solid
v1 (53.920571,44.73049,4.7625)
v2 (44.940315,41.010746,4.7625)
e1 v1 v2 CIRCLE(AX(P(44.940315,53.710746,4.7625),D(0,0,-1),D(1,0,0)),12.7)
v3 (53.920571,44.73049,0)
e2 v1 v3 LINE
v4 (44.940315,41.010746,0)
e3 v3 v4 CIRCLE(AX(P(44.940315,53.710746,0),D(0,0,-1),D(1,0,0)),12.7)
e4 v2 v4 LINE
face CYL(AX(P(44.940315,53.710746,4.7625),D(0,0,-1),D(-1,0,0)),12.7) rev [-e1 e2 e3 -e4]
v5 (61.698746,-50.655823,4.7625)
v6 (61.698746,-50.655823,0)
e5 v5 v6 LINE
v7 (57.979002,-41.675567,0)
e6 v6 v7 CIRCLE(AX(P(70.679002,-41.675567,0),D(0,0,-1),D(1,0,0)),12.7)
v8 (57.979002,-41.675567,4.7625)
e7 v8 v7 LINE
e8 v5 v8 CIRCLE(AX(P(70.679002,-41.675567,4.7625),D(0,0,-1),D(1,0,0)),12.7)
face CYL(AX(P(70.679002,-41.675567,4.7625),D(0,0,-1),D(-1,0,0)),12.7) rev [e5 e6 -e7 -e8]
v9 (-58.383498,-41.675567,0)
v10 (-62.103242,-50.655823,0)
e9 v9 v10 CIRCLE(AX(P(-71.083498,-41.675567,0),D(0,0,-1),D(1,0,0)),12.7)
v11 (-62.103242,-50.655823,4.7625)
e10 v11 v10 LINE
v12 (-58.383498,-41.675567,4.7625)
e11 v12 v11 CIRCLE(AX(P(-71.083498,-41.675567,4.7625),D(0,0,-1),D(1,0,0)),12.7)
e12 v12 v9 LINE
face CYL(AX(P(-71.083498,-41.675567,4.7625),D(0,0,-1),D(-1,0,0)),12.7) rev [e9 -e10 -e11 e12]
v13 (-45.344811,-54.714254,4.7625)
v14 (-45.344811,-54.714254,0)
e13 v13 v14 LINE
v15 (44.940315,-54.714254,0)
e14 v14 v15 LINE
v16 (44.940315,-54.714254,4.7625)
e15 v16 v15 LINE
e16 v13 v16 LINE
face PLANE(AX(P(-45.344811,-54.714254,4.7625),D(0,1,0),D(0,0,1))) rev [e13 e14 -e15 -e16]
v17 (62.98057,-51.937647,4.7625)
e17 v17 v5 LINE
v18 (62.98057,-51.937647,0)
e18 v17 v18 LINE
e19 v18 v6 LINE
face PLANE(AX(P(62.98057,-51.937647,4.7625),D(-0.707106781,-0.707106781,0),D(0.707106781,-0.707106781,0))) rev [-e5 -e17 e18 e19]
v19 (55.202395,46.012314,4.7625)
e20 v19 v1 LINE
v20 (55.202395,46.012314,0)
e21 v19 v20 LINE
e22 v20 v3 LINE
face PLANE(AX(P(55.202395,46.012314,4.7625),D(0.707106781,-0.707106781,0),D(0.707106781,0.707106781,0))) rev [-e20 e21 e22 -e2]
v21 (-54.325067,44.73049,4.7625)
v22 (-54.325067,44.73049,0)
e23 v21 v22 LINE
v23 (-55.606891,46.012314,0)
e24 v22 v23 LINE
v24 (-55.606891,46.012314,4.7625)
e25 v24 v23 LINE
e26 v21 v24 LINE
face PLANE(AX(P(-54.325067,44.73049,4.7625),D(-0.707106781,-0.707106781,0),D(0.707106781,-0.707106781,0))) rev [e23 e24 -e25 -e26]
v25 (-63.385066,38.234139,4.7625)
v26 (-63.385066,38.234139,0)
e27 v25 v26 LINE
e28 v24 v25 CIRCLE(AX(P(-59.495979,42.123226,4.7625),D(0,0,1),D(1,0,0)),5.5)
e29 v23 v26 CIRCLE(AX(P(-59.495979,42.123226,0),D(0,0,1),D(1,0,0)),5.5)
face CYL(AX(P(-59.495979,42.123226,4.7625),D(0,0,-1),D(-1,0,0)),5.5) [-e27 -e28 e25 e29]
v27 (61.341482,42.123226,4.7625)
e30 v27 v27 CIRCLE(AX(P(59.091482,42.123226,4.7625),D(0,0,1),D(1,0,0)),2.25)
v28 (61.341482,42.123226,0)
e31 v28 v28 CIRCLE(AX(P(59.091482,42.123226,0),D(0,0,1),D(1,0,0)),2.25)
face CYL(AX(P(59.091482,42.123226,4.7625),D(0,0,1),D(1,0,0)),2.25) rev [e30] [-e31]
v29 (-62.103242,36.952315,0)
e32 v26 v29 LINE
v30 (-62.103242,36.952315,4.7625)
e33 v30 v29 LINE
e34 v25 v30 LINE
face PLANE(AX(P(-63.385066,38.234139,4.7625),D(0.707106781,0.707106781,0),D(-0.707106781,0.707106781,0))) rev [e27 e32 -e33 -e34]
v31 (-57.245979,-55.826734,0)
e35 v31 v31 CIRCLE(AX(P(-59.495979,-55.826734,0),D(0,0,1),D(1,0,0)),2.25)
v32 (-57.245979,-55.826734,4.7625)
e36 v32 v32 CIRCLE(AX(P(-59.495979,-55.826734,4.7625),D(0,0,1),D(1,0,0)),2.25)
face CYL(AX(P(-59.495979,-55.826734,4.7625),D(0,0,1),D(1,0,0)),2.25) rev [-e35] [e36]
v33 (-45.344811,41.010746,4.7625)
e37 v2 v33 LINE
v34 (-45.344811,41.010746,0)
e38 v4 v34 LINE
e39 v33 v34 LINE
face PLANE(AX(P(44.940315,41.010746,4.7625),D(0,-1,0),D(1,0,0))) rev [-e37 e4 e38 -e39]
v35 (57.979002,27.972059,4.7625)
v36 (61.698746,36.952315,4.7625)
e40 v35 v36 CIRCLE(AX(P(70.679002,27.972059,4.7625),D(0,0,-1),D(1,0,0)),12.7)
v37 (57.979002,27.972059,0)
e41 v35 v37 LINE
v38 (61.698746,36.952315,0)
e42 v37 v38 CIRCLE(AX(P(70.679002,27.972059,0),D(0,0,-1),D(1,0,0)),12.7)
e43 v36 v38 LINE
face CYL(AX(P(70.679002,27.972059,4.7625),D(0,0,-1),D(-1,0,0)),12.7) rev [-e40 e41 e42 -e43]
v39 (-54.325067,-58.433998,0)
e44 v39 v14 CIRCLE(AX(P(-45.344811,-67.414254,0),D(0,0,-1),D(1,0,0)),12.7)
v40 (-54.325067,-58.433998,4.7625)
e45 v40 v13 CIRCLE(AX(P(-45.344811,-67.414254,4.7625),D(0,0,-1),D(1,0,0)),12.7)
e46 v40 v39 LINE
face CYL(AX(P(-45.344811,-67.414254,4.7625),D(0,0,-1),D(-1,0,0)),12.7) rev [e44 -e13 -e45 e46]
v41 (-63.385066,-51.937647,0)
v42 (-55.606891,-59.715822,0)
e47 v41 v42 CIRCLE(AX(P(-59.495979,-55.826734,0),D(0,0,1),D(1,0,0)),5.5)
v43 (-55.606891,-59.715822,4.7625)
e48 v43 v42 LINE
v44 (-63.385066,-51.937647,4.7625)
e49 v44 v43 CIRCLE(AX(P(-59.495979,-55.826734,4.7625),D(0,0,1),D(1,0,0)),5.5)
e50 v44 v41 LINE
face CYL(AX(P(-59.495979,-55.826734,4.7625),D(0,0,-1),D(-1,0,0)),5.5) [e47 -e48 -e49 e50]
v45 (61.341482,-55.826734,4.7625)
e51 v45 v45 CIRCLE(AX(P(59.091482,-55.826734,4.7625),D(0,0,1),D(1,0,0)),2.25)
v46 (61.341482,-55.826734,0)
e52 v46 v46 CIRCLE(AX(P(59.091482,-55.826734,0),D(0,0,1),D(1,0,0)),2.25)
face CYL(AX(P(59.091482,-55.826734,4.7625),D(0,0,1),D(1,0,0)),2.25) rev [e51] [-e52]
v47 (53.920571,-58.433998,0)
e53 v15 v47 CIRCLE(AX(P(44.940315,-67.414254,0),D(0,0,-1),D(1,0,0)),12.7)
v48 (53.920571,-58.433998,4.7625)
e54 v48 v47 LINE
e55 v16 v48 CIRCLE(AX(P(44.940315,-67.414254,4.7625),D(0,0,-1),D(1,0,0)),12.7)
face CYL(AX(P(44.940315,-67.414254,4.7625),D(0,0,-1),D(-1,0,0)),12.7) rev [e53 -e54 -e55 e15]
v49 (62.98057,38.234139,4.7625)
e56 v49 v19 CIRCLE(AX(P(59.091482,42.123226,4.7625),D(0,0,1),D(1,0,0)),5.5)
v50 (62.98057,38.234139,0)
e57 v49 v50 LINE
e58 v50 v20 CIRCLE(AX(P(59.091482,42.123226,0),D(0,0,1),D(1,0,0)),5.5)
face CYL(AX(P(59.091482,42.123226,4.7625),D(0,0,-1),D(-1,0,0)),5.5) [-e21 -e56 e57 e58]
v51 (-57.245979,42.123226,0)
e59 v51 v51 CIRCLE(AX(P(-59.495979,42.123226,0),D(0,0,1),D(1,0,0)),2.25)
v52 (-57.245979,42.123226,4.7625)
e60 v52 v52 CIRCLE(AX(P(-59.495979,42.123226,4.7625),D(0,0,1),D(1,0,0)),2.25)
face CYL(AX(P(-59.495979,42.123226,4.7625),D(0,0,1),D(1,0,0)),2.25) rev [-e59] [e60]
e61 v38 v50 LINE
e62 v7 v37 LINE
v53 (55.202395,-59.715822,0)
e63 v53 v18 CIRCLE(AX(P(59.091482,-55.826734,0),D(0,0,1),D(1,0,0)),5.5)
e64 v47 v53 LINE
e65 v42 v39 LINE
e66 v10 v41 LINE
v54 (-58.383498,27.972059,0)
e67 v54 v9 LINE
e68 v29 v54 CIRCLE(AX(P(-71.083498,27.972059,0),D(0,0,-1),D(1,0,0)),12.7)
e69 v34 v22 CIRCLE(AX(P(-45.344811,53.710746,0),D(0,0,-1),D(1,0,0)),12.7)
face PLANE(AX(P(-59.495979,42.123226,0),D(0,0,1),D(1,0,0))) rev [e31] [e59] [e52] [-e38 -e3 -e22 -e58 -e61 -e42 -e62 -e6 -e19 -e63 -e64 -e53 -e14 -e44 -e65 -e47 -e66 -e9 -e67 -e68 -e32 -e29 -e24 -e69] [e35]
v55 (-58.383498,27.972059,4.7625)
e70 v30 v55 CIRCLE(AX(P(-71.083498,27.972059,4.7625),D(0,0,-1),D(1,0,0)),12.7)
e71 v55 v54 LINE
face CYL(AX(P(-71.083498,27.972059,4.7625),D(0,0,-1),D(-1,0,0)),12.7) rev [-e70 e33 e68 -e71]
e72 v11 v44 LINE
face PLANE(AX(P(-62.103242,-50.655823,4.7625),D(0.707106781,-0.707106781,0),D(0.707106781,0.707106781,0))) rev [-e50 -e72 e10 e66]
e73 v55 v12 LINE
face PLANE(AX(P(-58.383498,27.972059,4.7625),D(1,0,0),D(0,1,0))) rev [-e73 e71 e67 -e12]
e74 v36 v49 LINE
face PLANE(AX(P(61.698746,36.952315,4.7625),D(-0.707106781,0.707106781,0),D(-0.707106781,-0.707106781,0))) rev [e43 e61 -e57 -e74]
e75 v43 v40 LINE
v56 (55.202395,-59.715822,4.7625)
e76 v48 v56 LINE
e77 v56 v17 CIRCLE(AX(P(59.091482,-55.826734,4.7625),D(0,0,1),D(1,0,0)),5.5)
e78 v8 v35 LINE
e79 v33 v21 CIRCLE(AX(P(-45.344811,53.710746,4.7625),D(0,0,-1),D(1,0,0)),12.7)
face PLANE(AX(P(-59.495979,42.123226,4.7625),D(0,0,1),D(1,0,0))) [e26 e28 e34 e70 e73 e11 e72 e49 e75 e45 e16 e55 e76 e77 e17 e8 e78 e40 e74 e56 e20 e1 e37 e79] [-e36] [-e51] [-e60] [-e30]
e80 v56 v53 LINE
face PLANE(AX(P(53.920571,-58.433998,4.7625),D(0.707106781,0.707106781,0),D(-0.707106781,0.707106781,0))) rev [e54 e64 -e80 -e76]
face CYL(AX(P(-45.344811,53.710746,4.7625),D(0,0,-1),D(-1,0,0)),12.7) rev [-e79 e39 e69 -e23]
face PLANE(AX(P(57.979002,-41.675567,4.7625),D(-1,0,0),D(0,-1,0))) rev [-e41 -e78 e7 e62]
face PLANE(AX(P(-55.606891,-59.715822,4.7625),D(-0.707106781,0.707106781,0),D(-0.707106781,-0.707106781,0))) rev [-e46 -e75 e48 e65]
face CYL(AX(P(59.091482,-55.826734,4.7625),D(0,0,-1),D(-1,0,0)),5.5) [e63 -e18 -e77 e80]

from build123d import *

# Parameters (mm, degrees)
BOSS_EXTRUDE1_DEPTH  = 4.7625
M4_CLEARANCE_HOLE1_D = 4.5


with BuildPart() as part:
    # Sketch2 → Boss-Extrude1 (new body)
    with BuildSketch(Plane.XY):
        with BuildLine():
            Line((-63.385065828, 38.234139131), (-62.103242019, 36.952315321))
            ThreePointArc((-62.103242019, 36.952315321), (-59.350228077, 32.832138791), (-58.38349814, 27.9720592))
            Line((-58.38349814, 27.9720592), (-58.38349814, -41.67556713))
            ThreePointArc((-58.38349814, -41.67556713), (-59.350228077, -46.535646721), (-62.103242019, -50.655823251))
            Line((-62.103242019, -50.655823251), (-63.385065828, -51.93764706))
            ThreePointArc((-63.385065828, -51.93764706), (-63.385065828, -59.715821653), (-55.606891235, -59.715821653))
            Line((-55.606891235, -59.715821653), (-54.325067426, -58.433997844))
            ThreePointArc((-54.325067426, -58.433997844), (-50.204890896, -55.680983902), (-45.344811305, -54.714253965))
            Line((-45.344811305, -54.714253965), (44.940315025, -54.714253965))
            ThreePointArc((44.940315025, -54.714253965), (49.800394616, -55.680983902), (53.920571146, -58.433997844))
            Line((53.920571146, -58.433997844), (55.202394956, -59.715821653))
            ThreePointArc((55.202394956, -59.715821653), (62.980569549, -59.715821653), (62.980569549, -51.93764706))
            Line((62.980569549, -51.93764706), (61.698745739, -50.655823251))
            ThreePointArc((61.698745739, -50.655823251), (58.945731797, -46.535646721), (57.97900186, -41.67556713))
            Line((57.97900186, -41.67556713), (57.97900186, 27.9720592))
            ThreePointArc((57.97900186, 27.9720592), (58.945731797, 32.832138791), (61.698745739, 36.952315321))
            Line((61.698745739, 36.952315321), (62.980569549, 38.234139131))
            ThreePointArc((62.980569549, 38.234139131), (62.980569549, 46.012313724), (55.202394956, 46.012313724))
            Line((55.202394956, 46.012313724), (53.920571146, 44.730489914))
            ThreePointArc((53.920571146, 44.730489914), (49.800394616, 41.977475972), (44.940315025, 41.010746035))
            Line((44.940315025, 41.010746035), (-45.344811305, 41.010746035))
            ThreePointArc((-45.344811305, 41.010746035), (-50.204890896, 41.977475972), (-54.325067426, 44.730489914))
            Line((-54.325067426, 44.730489914), (-55.606891235, 46.012313724))
            ThreePointArc((-55.606891235, 46.012313724), (-63.385065828, 46.012313724), (-63.385065828, 38.234139131))
        make_face()
    extrude(amount=BOSS_EXTRUDE1_DEPTH)

    # M4 Clearance Hole1 (through all)
    with Locations(Plane.XY.offset(4.7625)):
        with Locations((-59.495978532, -55.826734357), (-59.495978532, 42.123226427), (59.091482252, 42.123226427), (59.091482252, -55.826734357)):
            Hole(M4_CLEARANCE_HOLE1_D / 2)


solid = part.part
